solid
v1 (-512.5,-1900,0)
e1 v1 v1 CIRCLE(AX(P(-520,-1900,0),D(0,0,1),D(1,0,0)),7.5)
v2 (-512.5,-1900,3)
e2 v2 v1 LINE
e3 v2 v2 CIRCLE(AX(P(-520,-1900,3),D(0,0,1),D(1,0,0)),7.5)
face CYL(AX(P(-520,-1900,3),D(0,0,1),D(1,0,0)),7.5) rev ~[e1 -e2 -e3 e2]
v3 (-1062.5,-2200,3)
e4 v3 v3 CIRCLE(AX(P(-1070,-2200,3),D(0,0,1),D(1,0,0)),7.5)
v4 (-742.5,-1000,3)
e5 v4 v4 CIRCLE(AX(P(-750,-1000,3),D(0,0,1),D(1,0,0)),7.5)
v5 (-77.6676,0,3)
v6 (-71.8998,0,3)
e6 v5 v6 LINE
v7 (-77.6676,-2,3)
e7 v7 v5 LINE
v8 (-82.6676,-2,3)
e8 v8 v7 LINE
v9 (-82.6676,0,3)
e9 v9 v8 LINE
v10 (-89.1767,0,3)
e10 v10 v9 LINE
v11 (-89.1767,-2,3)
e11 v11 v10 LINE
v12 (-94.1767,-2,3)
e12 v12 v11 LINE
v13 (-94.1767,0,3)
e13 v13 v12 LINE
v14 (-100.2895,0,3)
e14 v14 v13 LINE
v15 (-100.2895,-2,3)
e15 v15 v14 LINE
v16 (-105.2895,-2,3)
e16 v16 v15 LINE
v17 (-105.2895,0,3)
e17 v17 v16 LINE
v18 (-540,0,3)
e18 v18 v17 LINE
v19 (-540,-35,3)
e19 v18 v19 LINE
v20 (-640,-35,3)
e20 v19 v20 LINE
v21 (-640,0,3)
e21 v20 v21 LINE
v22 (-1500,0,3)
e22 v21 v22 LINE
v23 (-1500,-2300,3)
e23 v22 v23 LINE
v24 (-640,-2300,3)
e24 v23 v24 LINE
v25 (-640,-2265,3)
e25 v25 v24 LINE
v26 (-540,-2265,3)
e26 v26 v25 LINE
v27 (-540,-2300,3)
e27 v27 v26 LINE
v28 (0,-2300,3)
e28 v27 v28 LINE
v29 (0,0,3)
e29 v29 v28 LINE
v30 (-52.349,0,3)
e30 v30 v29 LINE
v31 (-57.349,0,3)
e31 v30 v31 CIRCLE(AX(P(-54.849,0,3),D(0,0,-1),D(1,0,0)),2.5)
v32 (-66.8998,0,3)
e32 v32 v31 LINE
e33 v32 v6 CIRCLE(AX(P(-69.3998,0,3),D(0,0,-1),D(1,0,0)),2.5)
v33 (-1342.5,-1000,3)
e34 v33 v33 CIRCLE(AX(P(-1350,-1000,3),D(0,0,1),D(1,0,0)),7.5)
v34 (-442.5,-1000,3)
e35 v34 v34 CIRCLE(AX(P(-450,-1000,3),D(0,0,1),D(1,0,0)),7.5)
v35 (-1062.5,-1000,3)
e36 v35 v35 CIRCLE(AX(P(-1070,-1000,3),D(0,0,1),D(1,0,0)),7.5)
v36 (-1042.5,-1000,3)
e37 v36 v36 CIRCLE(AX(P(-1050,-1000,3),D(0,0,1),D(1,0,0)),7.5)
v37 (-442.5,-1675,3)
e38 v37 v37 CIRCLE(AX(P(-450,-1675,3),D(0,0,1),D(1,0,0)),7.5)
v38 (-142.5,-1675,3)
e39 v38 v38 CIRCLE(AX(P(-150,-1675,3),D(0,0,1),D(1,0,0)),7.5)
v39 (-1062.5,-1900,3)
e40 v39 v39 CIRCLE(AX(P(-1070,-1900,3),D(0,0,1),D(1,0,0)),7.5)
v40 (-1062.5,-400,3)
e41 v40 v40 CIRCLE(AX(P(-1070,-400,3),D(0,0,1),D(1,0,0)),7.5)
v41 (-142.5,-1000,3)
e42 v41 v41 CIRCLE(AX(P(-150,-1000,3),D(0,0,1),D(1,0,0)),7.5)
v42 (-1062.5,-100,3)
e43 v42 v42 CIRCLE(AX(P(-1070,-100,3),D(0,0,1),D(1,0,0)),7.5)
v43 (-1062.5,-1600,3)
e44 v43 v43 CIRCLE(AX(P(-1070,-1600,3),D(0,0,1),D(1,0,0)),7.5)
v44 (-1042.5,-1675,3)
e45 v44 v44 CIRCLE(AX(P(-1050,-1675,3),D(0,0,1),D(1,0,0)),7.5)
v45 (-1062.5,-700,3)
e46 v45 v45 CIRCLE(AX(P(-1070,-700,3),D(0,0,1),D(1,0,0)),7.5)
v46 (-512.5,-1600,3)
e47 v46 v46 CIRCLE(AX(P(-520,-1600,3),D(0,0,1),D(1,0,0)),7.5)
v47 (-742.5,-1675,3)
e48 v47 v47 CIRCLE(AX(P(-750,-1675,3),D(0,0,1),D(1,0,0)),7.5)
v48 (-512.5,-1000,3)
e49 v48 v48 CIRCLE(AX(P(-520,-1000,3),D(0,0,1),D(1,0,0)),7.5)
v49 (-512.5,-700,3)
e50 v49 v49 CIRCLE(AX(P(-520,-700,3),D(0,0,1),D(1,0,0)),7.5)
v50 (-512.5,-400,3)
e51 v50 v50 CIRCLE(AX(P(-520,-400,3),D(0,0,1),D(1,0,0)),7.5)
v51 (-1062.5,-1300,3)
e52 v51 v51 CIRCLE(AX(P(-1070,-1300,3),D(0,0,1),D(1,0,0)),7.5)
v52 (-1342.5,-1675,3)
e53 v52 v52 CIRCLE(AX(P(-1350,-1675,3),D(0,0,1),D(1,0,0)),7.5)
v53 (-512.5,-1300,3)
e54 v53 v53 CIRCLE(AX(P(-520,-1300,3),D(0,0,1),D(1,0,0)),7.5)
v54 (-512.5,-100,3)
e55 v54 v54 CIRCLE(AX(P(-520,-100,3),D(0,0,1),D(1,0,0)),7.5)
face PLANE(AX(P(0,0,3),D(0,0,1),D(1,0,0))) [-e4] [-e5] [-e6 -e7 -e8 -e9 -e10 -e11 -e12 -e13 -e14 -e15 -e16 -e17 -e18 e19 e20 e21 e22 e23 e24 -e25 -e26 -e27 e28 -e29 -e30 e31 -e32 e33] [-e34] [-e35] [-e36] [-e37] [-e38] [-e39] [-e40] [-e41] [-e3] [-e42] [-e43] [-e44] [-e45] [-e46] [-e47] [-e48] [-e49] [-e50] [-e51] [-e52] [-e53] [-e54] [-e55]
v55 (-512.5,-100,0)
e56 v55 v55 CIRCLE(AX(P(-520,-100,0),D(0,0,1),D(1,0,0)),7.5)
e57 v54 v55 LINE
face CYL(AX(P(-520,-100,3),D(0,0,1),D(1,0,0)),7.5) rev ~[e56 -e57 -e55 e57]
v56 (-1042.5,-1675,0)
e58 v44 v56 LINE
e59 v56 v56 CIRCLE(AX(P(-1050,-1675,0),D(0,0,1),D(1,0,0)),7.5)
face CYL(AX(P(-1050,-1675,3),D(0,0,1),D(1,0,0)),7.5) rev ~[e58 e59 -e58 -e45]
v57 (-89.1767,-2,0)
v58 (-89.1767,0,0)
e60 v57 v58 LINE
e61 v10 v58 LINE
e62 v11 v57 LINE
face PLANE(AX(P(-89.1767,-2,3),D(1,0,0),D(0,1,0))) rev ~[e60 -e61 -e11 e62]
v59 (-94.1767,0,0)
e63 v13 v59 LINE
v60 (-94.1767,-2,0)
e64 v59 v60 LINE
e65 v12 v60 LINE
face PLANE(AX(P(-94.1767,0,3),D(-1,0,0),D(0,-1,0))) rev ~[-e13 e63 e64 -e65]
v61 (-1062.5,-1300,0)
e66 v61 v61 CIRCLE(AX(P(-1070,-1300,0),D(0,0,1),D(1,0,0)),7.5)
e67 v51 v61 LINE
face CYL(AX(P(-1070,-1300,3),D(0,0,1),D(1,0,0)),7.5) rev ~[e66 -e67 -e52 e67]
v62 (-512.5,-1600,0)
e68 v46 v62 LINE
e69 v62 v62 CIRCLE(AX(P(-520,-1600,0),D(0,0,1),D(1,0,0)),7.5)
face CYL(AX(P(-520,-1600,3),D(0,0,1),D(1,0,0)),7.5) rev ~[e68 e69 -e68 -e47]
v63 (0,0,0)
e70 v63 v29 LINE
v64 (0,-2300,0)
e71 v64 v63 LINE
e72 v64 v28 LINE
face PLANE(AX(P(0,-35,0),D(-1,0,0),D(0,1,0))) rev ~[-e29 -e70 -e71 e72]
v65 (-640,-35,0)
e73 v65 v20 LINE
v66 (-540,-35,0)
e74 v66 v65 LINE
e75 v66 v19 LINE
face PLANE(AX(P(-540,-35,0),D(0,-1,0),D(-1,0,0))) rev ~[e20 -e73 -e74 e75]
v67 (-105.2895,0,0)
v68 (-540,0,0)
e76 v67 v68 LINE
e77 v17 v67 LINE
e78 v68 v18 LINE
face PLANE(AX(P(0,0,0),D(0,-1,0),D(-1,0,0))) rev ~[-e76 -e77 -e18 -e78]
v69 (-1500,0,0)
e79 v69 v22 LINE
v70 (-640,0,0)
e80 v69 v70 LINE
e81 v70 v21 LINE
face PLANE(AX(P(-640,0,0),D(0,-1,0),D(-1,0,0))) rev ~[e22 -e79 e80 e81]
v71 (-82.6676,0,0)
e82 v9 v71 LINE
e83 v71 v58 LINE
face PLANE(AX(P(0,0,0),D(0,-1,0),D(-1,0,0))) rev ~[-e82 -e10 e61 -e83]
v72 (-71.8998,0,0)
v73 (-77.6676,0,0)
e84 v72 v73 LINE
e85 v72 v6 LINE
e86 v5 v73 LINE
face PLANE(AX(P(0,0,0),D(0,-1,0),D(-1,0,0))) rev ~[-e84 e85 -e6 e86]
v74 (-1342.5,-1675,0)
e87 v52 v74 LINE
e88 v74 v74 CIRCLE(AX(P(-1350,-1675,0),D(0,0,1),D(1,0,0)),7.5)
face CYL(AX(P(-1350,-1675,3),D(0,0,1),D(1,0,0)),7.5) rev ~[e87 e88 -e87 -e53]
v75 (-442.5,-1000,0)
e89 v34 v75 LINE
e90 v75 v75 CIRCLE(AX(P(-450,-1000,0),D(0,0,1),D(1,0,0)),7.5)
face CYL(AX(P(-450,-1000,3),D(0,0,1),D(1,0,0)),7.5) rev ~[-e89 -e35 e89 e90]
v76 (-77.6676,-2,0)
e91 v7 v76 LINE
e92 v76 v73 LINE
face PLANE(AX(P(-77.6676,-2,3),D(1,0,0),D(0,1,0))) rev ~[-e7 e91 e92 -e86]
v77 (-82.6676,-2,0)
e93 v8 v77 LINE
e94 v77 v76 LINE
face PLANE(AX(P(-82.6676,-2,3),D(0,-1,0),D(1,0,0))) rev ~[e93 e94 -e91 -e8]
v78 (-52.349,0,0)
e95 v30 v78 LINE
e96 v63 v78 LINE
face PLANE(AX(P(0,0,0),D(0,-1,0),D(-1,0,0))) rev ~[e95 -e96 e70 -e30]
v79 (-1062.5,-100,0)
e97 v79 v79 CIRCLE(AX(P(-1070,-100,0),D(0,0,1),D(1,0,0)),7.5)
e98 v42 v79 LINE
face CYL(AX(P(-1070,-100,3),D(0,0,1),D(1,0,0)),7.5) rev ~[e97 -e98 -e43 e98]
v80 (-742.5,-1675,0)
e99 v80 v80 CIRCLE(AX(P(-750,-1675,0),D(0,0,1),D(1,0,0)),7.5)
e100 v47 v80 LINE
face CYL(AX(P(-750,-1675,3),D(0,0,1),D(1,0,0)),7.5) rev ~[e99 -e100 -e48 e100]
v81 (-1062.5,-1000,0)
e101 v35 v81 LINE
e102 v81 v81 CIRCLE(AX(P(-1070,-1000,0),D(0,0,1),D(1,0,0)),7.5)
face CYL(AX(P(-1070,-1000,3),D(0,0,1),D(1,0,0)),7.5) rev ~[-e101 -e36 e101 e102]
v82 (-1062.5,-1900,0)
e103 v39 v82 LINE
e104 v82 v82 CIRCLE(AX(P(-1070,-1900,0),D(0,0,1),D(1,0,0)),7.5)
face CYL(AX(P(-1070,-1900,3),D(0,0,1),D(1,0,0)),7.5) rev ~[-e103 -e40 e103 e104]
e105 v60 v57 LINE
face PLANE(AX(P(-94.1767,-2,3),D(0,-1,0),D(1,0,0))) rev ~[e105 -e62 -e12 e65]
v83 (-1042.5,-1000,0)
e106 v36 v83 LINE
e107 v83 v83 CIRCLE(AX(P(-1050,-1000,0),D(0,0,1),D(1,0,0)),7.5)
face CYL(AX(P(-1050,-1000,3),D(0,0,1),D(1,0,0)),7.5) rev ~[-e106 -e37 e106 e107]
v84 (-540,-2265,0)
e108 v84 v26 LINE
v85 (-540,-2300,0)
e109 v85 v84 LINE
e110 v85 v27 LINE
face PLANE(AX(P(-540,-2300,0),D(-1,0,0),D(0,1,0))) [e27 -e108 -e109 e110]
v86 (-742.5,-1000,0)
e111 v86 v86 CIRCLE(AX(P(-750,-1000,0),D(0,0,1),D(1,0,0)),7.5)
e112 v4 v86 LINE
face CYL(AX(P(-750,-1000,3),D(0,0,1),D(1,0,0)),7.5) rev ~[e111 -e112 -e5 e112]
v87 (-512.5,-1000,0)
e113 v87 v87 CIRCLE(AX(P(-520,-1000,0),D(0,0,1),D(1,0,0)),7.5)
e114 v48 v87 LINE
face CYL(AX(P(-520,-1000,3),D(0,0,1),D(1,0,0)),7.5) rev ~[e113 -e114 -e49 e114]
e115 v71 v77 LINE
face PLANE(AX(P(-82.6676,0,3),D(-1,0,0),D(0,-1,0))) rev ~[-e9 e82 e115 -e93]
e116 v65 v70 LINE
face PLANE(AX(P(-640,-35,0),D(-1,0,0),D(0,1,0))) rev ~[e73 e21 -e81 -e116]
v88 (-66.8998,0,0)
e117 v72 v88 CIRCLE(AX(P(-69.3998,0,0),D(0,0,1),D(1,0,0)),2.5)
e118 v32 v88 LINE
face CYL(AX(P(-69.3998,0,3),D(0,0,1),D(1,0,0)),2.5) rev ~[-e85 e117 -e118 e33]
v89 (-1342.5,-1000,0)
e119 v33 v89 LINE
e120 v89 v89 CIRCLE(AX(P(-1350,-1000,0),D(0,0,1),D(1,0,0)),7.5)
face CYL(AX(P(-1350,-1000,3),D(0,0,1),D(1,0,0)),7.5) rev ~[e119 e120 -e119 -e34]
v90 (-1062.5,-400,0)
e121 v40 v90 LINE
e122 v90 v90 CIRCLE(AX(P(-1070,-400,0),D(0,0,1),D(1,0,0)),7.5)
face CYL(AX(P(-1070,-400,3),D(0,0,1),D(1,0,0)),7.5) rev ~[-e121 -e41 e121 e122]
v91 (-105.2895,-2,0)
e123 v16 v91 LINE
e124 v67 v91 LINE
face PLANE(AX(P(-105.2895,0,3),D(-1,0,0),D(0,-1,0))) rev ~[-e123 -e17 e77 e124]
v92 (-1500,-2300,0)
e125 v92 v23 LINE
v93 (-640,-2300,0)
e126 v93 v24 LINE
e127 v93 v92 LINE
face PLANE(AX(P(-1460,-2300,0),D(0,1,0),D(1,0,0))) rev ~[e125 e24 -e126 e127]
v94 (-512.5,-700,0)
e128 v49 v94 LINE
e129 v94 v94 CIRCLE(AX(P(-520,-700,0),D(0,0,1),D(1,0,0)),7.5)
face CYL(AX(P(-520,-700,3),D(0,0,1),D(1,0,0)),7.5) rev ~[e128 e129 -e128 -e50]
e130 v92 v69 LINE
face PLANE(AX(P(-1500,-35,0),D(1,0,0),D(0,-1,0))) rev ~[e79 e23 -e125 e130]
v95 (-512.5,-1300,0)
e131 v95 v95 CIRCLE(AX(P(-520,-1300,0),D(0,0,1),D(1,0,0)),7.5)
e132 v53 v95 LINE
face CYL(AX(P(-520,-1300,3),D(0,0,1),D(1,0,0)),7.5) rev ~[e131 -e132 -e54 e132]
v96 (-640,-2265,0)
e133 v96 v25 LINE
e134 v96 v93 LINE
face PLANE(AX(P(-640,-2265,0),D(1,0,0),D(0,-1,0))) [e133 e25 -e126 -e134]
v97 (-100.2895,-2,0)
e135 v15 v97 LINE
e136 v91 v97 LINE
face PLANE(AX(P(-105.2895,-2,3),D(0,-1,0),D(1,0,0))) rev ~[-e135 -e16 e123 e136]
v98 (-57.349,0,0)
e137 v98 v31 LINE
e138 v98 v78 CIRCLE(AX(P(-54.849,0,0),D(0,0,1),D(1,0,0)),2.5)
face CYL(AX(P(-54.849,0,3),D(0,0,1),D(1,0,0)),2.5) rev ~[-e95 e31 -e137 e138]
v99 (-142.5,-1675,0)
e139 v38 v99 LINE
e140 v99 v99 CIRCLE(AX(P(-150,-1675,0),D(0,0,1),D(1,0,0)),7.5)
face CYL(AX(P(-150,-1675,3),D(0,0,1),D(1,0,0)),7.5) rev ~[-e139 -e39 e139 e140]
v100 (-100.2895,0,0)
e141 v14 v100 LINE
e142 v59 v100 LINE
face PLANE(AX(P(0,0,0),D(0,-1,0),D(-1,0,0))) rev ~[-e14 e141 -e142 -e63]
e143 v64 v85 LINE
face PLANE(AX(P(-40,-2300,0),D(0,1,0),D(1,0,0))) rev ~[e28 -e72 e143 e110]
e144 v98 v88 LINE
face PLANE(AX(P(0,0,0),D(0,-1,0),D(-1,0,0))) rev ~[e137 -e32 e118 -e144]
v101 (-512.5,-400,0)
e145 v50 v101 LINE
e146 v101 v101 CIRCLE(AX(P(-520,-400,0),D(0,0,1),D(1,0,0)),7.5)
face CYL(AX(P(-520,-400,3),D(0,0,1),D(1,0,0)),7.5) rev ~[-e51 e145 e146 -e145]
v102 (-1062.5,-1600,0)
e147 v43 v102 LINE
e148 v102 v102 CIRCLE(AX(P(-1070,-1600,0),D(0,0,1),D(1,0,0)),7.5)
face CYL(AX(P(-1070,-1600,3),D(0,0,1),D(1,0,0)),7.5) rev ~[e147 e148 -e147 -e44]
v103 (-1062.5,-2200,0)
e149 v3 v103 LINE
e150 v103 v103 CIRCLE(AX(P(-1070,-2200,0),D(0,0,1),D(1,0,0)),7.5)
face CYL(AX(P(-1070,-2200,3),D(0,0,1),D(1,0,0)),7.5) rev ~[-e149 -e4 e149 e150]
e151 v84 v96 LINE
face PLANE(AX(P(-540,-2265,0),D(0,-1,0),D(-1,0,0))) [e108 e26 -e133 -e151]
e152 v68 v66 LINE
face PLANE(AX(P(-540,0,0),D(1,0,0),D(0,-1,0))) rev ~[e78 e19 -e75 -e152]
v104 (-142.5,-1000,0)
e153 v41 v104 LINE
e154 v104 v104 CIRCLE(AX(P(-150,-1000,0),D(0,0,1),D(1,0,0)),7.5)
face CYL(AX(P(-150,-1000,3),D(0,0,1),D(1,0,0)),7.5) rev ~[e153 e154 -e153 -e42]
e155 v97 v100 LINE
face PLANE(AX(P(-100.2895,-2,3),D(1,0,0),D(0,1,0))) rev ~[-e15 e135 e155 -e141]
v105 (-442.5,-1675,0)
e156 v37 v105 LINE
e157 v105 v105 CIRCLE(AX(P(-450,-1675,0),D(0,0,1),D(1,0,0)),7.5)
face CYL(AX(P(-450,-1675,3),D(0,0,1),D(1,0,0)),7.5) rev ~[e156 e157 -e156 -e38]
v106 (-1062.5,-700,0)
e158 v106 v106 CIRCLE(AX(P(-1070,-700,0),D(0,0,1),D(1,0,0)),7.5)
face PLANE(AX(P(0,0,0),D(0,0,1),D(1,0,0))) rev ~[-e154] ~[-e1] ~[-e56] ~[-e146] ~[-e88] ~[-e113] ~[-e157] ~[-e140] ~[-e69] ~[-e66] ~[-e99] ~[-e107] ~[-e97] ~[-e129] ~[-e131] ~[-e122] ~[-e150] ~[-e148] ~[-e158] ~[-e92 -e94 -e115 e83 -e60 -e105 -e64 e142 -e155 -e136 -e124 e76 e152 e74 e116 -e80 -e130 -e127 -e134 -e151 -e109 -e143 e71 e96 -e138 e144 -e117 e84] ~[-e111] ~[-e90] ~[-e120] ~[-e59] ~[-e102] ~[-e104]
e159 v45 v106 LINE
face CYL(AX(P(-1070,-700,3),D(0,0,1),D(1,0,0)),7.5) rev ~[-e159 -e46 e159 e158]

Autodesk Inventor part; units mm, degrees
ref_plane "YZ Plane" through (0, 0, 0) normal (1, 0, 0) x (0, 1, 0)
ref_plane "XZ Plane" through (0, 0, 0) normal (0, 1, 0) x (-1, 0, 0)
ref_plane "XY Plane" through (0, 0, 0) normal (0, 0, 1) x (1, 0, 0)
sketch "Sketch1" plane through (0, 0, 0) normal (0, 0, 1) x (1, 0, 0)
  line L0 (0, 0) -> (-1500, 0)
  line L1 (-1500, 0) -> (-1500, -2300)
  line L2 (-1500, -2300) -> (0, -2300)
  line L3 (0, -2300) -> (0, 0)
  line L4 (0, 0) -> (-40, 0)
  line L5 (-40, 0) -> (-40, -35)
  line L6 (-40, -35) -> (0, -35)
  line L7 (0, -35) -> (0, 0)
  line L8 (0, -2300) -> (-40, -2300)
  line L9 (-40, -2300) -> (-40, -2265)
  line L10 (-40, -2265) -> (0, -2265)
  line L11 (0, -2265) -> (0, -2300)
  line L12 (-1500, 0) -> (-1460, 0)
  line L13 (-1460, 0) -> (-1460, -35)
  line L14 (-1460, -35) -> (-1500, -35)
  line L15 (-1500, -35) -> (-1500, 0)
  line L16 (-1500, -2300) -> (-1460, -2300)
  line L17 (-1460, -2300) -> (-1460, -2265)
  line L18 (-1460, -2265) -> (-1500, -2265)
  line L19 (-1500, -2265) -> (-1500, -2300)
  line L20 (-640, -2300) -> (-540, -2300)
  line L21 (-540, -2300) -> (-540, -2265)
  line L22 (-540, -2265) -> (-640, -2265)
  line L23 (-640, -2265) -> (-640, -2300)
  line L24 (-640, 0) -> (-540, 0)
  line L25 (-540, 0) -> (-540, -35)
  line L26 (-540, -35) -> (-640, -35)
  line L27 (-640, -35) -> (-640, 0)
  point P0 (0, -35)
  point P1 (-40, 0)
  point P2 (-40, -2300)
  point P3 (0, -2265)
  point P4 (-540, -2300)
  point P5 (-540, 0)
  point P6 (-1460, 0)
  point P7 (-1500, -35)
  dimension "d22" = 1500
  dimension "d23" = 2300
  dimension "d24" = 40
  dimension "d25" = 35
  dimension "d28" = 100
  dimension "d29" = 500
extrude "Plate1" add sketch "Sketch1" along normal blind 3 contours L3 L6 L5 L0 | L5 L6 L3 L10 L9 L2 L21 L22 L23 L17 L18 L1 L14 L13 L0 L27 L26 L25 | L3 L2 L9 L10 | L13 L14 L1 L0 | L18 L17 L2 L1
sketch "Sketch5" plane through (0, 0, 3) normal (0, 0, 1) x (1, 0, 0)
  line L0 (0, 0) -> (-540, 0) projected
  circle A0 centre (-54.849, 0) radius 2.5
  circle A1 centre (-69.3998, 0) radius 2.5
  line L1 (-77.6676, 0) -> (-82.6676, 0)
  line L2 (-82.6676, 0) -> (-82.6676, -2)
  line L3 (-82.6676, -2) -> (-77.6676, -2)
  line L4 (-77.6676, -2) -> (-77.6676, 0)
  line L5 (-89.1767, 0) -> (-94.1767, 0)
  line L6 (-94.1767, 0) -> (-94.1767, -2)
  line L7 (-94.1767, -2) -> (-89.1767, -2)
  line L8 (-89.1767, -2) -> (-89.1767, 0)
  line L9 (-100.2895, 0) -> (-105.2895, 0)
  line L10 (-105.2895, 0) -> (-105.2895, -2)
  line L11 (-105.2895, -2) -> (-100.2895, -2)
  line L12 (-100.2895, -2) -> (-100.2895, 0)
  dimension "d66" = 5
  dimension "d67" = 5
  dimension "d68" = 2
extrude "Cut1" cut sketch "Sketch5" against normal blind 3
sketch "Sketch6" plane through (0, 0, 3) normal (0, 0, 1) x (1, 0, 0)
  line L0 (-1500, -2300) -> (-1500, 0) construction
  line L1 (0, -2300) -> (-540, -2300) construction
  line L2 (0, 0) -> (0, -2300) construction
  line L3 (-540, 0) -> (-105.2895, 0) construction
  circle A0 centre (-520, -2200) radius 7.5
  line L4 (-540, -35) -> (-540, 0) construction
  line L5 (-640, -35) -> (-540, -35) construction
  line L6 (-640, 0) -> (-640, -35) construction
  line L7 (-1500, 0) -> (-640, 0) construction
  line L8 (-640, -2300) -> (-1500, -2300) construction
  line L9 (-640, -2265) -> (-640, -2300) construction
  line L10 (-540, -2265) -> (-640, -2265) construction
  line L11 (-540, -2300) -> (-540, -2265) construction
  line L12 (-520, -2300) -> (-520, 0) construction
  line L13 (-1070, 0) -> (-1070, -2300) construction
  line L14 (-1500, -1675) -> (0, -1675) construction
  line L15 (-1500, -1000) -> (0, -1000) construction
  circle A1 centre (-1070, -2200) radius 7.5
  circle A2 centre (-1350, -1675) radius 7.5
  circle A3 centre (-1350, -1000) radius 7.5
  circle A4 centre (-520, -1900) radius 7.5
  circle A5 centre (-1070, -1900) radius 7.5
  circle A6 centre (-520, -1600) radius 7.5
  circle A7 centre (-1070, -1600) radius 7.5
  circle A8 centre (-520, -1300) radius 7.5
  circle A9 centre (-1070, -1300) radius 7.5
  circle A10 centre (-520, -1000) radius 7.5
  circle A11 centre (-1070, -1000) radius 7.5
  circle A12 centre (-520, -700) radius 7.5
  circle A13 centre (-1070, -700) radius 7.5
  circle A14 centre (-520, -400) radius 7.5
  circle A15 centre (-1070, -400) radius 7.5
  circle A16 centre (-520, -100) radius 7.5
  circle A17 centre (-1070, -100) radius 7.5
  circle A18 centre (-520, 200) radius 7.5
  circle A19 centre (-1070, 200) radius 7.5
  circle A20 centre (-520, 500) radius 7.5
  circle A21 centre (-1070, 500) radius 7.5
  circle A22 centre (-520, 800) radius 7.5
  circle A23 centre (-1070, 800) radius 7.5
  circle A24 centre (-1050, -1675) radius 7.5
  circle A25 centre (-1050, -1000) radius 7.5
  circle A26 centre (-750, -1675) radius 7.5
  circle A27 centre (-750, -1000) radius 7.5
  circle A28 centre (-450, -1675) radius 7.5
  circle A29 centre (-450, -1000) radius 7.5
  circle A30 centre (-150, -1675) radius 7.5
  circle A31 centre (-150, -1000) radius 7.5
  circle A32 centre (150, -1675) radius 7.5
  circle A33 centre (150, -1000) radius 7.5
  circle A34 centre (450, -1675) radius 7.5
  circle A35 centre (450, -1000) radius 7.5
  arc A36 (-57.349, 0) -> (-52.349, 0) centre (-54.849, 0) ccw projected
  line L16 (-66.8998, 0) -> (-57.349, 0) projected
  arc A37 (-71.8998, 0) -> (-66.8998, 0) centre (-69.3998, 0) ccw projected
  line L17 (-77.6676, 0) -> (-71.8998, 0) projected
  line L18 (-77.6676, 0) -> (-77.6676, -2) projected
  line L19 (-77.6676, -2) -> (-82.6676, -2) projected
  line L20 (-82.6676, -2) -> (-82.6676, 0) projected
  line L21 (-89.1767, 0) -> (-82.6676, 0) projected
  line L22 (-89.1767, 0) -> (-89.1767, -2) projected
  line L23 (-89.1767, -2) -> (-94.1767, -2) projected
  line L24 (-94.1767, -2) -> (-94.1767, 0) projected
  line L25 (-100.2895, 0) -> (-94.1767, 0) projected
  line L26 (-100.2895, 0) -> (-100.2895, -2) projected
  line L27 (-100.2895, -2) -> (-105.2895, -2) projected
  line L28 (-105.2895, -2) -> (-105.2895, 0) projected
  line L29 (-52.349, 0) -> (0, 0) projected
  dimension "d41" = 15
  dimension "d46" = 520
  dimension "d47" = 1070
  dimension "d48" = 625
  dimension "d49" = 1300
  dimension "d50" = 100
  dimension "d51" = 150
  dimension "d54" = 300
  dimension "d61" = 300
extrude "Cut2" cut sketch "Sketch6" against normal blind 3 contours A1 | A2 | A3 | A4 | A5 | A6 | A7 | A8 | A9 | A10 | A11 | A12 | A13 | A14 | A15 | A16 | A17 | A18 | A19 | A20 | A21 | A22 | A23 | A24 | A25 | A26 | A27 | A28 | A29 | A30 | A31 | A32 | A33 | A34 | A35
equation "\"d39\" = Thickness"
equation "\"d61\" = d54"
equation "\"d44\" = Thickness"
equation "\"d2\" = Thickness"
equation "\"BendReliefWidth\" = Thickness"
equation "\"BendReliefDepth\" = 0.5 * Thickness"
equation "\"CornerReliefSize\" = 4 * Thickness"
equation "\"MinimumRemnant\" = 2 * Thickness"
equation "\"TransitionRadius\" = BendRadius"
equation "\"JacobiRadiusSize\" = BendRadius"
equation "\"GapSize\" = Thickness"
equation "\"Thickness\" = 3"
equation "\"BendRadius\" = 5"
properties part number "GnG R.3 floor sheet" material "Stainless Steel"
